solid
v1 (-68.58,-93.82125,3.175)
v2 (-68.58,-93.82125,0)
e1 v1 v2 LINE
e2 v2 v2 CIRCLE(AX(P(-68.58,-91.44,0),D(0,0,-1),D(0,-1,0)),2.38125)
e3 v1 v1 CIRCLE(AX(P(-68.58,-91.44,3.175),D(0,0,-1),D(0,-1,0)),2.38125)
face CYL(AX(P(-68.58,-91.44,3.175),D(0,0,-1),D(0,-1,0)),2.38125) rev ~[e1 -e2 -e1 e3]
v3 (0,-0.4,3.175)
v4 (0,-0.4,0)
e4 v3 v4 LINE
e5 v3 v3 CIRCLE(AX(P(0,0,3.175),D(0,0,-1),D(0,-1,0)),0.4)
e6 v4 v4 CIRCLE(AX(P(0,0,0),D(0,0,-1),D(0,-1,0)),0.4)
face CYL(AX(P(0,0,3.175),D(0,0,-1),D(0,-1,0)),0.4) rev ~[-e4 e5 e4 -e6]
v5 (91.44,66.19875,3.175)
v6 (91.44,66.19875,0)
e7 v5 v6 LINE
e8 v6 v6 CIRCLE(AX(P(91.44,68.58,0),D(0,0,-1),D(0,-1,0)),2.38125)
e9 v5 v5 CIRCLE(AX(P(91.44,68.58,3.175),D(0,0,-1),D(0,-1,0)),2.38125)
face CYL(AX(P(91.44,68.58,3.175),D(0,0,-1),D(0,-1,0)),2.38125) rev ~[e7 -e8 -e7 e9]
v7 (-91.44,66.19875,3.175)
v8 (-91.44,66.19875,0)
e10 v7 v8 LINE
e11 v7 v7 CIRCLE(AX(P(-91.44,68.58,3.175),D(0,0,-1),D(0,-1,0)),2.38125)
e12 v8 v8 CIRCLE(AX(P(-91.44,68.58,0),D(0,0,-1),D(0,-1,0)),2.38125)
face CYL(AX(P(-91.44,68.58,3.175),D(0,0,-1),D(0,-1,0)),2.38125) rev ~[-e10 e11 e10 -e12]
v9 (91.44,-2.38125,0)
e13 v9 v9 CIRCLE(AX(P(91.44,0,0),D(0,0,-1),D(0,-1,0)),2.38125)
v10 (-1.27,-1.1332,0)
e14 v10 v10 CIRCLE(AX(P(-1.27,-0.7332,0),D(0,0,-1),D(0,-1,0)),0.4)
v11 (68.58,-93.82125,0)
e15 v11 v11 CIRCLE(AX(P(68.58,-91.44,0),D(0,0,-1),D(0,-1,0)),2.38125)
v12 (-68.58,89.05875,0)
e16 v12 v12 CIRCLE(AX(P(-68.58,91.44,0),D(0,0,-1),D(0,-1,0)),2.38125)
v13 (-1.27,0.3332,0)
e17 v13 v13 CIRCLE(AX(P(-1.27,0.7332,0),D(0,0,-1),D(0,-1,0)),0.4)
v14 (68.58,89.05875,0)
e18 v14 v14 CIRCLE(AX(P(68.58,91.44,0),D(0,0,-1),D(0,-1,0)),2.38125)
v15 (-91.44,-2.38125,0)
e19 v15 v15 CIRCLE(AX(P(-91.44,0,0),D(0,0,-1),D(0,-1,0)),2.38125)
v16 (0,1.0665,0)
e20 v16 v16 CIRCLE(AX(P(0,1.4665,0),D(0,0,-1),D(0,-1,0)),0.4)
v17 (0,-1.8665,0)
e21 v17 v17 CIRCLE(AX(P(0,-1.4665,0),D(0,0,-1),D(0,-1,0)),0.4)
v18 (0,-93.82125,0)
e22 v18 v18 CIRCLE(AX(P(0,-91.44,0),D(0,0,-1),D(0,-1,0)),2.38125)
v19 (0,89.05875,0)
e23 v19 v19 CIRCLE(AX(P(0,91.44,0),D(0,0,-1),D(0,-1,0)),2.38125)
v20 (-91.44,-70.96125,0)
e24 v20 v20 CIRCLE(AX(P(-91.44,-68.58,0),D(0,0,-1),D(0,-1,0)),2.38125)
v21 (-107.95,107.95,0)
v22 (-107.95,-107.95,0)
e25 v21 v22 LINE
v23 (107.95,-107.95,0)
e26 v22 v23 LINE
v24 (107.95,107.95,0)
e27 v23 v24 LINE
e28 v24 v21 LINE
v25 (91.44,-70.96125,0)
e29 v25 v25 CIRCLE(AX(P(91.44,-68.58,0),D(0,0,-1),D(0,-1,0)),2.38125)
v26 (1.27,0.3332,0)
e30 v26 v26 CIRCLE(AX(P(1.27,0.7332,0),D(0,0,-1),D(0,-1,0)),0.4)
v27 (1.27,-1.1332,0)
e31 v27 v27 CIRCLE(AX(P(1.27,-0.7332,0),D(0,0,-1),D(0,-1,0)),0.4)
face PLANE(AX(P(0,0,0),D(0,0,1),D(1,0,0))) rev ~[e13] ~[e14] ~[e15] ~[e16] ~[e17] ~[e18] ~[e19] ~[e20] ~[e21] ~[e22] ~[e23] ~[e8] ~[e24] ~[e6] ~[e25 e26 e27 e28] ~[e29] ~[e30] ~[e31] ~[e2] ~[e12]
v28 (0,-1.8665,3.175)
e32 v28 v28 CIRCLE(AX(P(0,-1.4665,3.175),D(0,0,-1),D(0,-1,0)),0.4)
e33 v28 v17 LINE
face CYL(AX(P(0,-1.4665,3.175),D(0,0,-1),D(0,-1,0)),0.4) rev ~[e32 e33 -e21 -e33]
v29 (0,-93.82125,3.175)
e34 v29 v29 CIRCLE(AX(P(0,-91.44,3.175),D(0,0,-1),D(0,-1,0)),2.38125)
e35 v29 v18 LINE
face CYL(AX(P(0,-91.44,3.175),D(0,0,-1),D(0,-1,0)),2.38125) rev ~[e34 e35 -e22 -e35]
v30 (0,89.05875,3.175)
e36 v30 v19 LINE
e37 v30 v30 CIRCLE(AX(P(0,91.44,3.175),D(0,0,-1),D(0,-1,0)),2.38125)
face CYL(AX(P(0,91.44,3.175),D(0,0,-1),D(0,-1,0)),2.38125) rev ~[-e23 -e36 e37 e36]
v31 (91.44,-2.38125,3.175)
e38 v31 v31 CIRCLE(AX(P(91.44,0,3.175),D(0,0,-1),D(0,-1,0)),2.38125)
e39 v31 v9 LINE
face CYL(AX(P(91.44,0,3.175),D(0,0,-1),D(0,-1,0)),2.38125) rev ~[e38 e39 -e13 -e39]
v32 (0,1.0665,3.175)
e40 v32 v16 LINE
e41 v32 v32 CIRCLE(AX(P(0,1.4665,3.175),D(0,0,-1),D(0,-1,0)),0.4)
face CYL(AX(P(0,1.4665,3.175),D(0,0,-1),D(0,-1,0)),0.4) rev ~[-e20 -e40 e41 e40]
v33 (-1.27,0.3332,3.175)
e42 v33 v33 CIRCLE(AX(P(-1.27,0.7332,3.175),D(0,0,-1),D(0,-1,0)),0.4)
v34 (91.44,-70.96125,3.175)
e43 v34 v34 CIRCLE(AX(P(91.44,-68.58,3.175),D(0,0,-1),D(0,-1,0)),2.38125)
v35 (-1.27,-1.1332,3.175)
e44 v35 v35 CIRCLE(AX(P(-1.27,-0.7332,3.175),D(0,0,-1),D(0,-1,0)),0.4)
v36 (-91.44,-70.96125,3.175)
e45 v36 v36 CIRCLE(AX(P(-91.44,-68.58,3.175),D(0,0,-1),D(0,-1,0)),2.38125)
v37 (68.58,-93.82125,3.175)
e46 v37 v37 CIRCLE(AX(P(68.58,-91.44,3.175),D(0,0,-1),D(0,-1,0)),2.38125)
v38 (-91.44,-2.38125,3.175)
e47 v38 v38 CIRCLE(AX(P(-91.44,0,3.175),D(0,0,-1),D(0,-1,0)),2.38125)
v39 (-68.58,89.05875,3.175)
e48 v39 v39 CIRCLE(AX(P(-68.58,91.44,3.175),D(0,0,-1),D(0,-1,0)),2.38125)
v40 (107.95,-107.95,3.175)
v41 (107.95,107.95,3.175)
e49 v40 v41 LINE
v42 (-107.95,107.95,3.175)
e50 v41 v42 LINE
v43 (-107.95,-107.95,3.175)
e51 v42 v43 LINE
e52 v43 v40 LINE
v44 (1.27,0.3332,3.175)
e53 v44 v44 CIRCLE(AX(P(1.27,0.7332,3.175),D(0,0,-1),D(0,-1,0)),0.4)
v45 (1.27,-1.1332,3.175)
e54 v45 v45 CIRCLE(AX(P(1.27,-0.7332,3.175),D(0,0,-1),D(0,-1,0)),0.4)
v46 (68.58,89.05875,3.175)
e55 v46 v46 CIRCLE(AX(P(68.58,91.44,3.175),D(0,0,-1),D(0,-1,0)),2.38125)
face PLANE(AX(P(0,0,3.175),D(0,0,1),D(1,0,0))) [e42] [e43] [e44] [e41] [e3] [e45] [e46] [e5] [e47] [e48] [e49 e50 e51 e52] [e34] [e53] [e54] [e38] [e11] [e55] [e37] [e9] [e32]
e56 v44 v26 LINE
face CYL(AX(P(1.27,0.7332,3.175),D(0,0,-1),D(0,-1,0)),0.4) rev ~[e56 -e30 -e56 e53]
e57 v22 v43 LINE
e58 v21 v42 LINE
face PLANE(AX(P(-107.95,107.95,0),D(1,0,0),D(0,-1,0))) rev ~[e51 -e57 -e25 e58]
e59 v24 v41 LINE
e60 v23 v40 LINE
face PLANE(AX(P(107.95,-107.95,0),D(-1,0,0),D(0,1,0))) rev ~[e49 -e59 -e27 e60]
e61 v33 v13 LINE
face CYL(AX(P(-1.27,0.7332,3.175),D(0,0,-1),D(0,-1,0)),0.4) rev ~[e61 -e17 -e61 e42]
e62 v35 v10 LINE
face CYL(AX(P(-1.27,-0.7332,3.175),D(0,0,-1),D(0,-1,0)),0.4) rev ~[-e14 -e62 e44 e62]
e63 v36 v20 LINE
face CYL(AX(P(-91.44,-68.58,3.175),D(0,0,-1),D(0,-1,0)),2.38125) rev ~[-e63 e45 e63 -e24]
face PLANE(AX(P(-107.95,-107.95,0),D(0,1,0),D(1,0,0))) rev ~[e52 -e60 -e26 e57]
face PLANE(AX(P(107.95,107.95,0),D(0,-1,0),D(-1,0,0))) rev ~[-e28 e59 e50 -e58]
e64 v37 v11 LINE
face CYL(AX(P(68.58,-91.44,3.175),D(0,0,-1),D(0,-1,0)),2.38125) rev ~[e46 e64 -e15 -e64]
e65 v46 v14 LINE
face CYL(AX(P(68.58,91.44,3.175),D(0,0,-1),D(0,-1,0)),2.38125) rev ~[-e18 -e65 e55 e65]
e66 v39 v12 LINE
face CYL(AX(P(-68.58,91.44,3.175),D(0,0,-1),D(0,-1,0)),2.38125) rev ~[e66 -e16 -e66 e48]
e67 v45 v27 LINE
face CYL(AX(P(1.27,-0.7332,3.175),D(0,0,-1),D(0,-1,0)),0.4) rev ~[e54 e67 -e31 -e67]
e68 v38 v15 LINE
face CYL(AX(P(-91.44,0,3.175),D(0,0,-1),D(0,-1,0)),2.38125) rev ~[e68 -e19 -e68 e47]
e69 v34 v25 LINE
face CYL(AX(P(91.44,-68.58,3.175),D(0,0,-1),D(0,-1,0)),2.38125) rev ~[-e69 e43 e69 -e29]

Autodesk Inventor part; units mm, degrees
ref_plane "YZ Plane" through (0, 0, 0) normal (1, 0, 0) x (0, 1, 0)
ref_plane "XZ Plane" through (0, 0, 0) normal (0, 1, 0) x (-1, 0, 0)
ref_plane "XY Plane" through (0, 0, 0) normal (0, 0, 1) x (1, 0, 0)
sketch "Sketch1" plane through (0, 0, 0) normal (0, 0, 1) x (1, 0, 0)
  line L0 (-107.95, -107.95) -> (107.95, -107.95)
  line L1 (107.95, -107.95) -> (107.95, 107.95)
  line L2 (107.95, 107.95) -> (-107.95, 107.95)
  line L3 (-107.95, 107.95) -> (-107.95, -107.95)
  line L4 (-107.95, -107.95) -> (107.95, 107.95) construction
  point P0 (0, 0)
  point P1 (0, 0)
  dimension "d0" = 215.9
  dimension "d1" = 215.9
extrude "Extrusion1" add sketch "Sketch1" along normal blind 3.175
sketch "Sketch2" plane through (0, 0, 3.175) normal (0, 0, 1) x (1, 0, 0)
  line L0 (-91.44, -91.44) -> (91.44, -91.44) construction
  line L1 (91.44, -91.44) -> (91.44, 91.44) construction
  line L2 (91.44, 91.44) -> (-91.44, 91.44) construction
  line L3 (-91.44, 91.44) -> (-91.44, -91.44) construction
  line L4 (-91.44, -91.44) -> (91.44, 91.44) construction
  line L5 (-151.13, 0) -> (151.13, 0) construction
  line L6 (0, -151.13) -> (0, 151.13) construction
  point P0 (0, 0)
  point P1 (0, 0)
  point P2 (-68.58, 91.44)
  point P3 (0, 91.44)
  point P4 (68.58, 91.44)
  point P5 (91.44, 68.58)
  point P6 (91.44, 0)
  point P7 (68.58, -91.44)
  point P8 (0, -91.44)
  point P9 (-68.58, -91.44)
  point P10 (-91.44, -68.58)
  point P11 (-91.44, 0)
  point P12 (-91.44, 68.58)
  point P13 (91.44, -68.58)
  dimension "d4" = 182.88
  dimension "d5" = 182.88
  dimension "d6" = 22.86
  dimension "d7" = 22.86
hole "Hole1" at (-68.58, 91.44, 3.175) at (0, 91.44, 3.175) at (68.58, 91.44, 3.175) at (91.44, 68.58, 3.175) at (91.44, 0, 3.175) at (68.58, -91.44, 3.175) at (0, -91.44, 3.175) at (-68.58, -91.44, 3.175) at (-91.44, -68.58, 3.175) at (-91.44, 0, 3.175) at (-91.44, 68.58, 3.175) at (91.44, -68.58, 3.175) direction (0, 0, -1) diameter 4.7625 end through all clearance for "Flat Head Machine Screw (82)" size "#8" standard "Ansi Unified Screw Threads"
sketch "Sketch3" plane through (0, 0, 3.175) normal (0, 0, 1) x (1, 0, 0)
  line L0 (-1.27, -0.7332) -> (-1.27, 0.7332) construction
  line L1 (-1.27, 0.7332) -> (0, 1.4665) construction
  line L2 (0, 1.4665) -> (1.27, 0.7332) construction
  line L3 (1.27, 0.7332) -> (1.27, -0.7332) construction
  line L4 (1.27, -0.7332) -> (0, -1.4665) construction
  line L5 (0, -1.4665) -> (-1.27, -0.7332) construction
  point P0 (0, 0)
  point P1 (0, 0)
  point P2 (0, 0)
  dimension "d23" = 2.54
hole "Hole2" at (0, 0, 3.175) at (0, 1.4665, 3.175) at (1.27, 0.7332, 3.175) at (1.27, -0.7332, 3.175) at (0, -1.4665, 3.175) at (-1.27, -0.7332, 3.175) at (-1.27, 0.7332, 3.175) direction (0, 0, -1) diameter 0.8 end through all
properties part number "J007125" material "ACRYLIC, WHITE 2447"
